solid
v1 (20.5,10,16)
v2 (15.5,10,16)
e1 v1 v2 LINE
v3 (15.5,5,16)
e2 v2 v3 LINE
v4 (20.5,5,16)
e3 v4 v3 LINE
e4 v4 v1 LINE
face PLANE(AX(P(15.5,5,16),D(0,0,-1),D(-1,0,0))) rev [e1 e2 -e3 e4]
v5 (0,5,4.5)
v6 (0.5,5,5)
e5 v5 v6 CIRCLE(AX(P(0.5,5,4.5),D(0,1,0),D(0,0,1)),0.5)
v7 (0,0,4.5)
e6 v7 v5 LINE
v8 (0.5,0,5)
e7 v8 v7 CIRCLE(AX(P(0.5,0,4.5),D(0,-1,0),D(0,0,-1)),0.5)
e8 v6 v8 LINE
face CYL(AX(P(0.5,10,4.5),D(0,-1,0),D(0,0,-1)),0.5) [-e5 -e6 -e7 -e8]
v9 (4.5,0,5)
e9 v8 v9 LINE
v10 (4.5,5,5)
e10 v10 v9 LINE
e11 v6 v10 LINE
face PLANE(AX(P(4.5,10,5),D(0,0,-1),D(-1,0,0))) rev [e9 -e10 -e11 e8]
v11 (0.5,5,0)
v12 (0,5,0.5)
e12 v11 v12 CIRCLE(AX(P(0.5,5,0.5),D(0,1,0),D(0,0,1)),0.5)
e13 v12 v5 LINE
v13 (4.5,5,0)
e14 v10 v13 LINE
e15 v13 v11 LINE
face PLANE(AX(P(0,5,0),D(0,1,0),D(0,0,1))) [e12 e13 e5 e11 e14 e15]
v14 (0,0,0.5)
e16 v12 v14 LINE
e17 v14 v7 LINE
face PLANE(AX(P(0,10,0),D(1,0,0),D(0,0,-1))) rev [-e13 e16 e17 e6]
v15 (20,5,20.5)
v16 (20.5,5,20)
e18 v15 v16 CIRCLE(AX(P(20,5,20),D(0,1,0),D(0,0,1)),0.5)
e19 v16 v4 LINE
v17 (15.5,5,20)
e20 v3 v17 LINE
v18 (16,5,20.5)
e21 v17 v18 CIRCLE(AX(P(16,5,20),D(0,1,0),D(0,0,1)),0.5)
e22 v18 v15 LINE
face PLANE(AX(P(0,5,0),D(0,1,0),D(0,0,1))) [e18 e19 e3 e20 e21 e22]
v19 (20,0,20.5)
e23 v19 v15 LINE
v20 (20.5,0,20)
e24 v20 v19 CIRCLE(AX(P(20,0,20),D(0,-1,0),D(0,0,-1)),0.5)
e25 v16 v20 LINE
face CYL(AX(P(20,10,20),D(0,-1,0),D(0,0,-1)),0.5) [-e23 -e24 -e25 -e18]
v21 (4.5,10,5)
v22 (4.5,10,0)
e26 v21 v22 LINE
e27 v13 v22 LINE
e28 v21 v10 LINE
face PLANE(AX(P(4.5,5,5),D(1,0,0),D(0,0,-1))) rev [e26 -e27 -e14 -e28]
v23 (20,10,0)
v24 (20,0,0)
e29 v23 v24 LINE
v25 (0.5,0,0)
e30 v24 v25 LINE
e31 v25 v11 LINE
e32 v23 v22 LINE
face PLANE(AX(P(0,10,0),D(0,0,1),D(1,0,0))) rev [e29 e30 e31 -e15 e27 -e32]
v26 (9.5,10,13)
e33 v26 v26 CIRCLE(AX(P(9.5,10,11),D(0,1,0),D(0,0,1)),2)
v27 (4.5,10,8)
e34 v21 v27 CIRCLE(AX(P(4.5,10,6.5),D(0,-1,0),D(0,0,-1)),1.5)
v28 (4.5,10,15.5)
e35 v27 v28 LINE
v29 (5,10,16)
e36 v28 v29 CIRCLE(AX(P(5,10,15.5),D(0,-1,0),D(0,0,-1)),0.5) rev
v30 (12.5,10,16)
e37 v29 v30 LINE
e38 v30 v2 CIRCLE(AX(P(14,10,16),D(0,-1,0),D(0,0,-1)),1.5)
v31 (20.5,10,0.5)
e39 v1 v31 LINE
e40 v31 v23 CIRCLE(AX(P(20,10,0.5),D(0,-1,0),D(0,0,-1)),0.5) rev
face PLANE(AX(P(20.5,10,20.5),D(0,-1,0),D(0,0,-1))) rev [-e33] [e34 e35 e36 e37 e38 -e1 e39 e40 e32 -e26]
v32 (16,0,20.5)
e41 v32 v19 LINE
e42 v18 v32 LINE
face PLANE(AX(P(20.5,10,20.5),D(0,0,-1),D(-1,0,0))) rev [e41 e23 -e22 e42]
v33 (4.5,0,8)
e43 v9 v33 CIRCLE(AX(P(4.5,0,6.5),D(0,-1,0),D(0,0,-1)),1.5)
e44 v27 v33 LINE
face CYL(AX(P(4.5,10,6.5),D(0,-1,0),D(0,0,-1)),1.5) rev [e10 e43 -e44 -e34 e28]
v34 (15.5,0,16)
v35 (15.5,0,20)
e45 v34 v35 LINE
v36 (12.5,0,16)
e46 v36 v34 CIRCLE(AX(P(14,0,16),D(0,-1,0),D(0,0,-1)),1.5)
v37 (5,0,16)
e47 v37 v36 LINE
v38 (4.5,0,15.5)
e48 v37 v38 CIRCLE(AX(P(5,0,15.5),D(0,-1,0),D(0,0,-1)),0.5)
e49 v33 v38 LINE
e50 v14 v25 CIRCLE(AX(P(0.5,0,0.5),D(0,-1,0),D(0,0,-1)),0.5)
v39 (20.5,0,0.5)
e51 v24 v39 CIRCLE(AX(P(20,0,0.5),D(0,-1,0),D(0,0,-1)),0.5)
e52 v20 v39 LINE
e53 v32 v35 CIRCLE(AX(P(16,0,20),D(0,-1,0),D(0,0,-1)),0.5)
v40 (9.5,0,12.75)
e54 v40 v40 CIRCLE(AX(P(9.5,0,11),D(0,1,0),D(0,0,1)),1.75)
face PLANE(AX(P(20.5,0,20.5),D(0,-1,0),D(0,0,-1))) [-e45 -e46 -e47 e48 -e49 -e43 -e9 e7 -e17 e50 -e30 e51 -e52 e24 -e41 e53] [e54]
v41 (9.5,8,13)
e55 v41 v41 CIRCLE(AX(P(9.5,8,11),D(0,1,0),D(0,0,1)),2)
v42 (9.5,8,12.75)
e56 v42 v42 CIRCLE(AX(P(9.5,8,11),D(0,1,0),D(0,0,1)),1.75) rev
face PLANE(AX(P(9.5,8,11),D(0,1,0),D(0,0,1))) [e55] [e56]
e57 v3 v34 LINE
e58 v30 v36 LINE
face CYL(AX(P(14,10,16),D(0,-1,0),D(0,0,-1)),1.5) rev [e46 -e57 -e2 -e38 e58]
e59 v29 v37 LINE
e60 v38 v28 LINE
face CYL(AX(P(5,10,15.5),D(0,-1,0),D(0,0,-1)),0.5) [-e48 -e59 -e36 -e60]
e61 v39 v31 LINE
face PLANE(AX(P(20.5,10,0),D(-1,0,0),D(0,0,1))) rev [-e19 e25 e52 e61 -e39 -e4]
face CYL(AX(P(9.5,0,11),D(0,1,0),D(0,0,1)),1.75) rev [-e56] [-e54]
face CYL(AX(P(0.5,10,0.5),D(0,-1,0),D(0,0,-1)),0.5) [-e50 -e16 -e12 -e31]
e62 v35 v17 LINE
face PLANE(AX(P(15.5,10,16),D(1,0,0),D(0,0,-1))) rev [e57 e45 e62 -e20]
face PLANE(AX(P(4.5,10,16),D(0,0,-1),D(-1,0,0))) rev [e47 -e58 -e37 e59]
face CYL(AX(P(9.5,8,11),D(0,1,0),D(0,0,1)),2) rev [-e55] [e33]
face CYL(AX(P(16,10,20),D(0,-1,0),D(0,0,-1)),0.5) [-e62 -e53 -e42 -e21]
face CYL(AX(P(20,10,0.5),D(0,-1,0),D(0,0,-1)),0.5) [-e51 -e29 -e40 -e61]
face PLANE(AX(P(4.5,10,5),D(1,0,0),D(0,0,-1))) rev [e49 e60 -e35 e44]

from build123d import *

# Parameters (mm, degrees)
BOSS_EXTRUDE1_DEPTH = 10
SKETCH4_R           = 1.75
CUT_EXTRUDE3_DEPTH  = 10
SKETCH6_R           = 2
CUT_EXTRUDE5_DEPTH  = 2
CUT_EXTRUDE6_DEPTH  = 31.66757245
SKETCH8_W           = 5
SKETCH8_H           = 4.5
SKETCH8_W_2         = 4.5
SKETCH8_H_2         = 5
CUT_EXTRUDE7_DEPTH  = 5
FILLET1_R           = 0.5


with BuildPart() as part:
    # Sketch1 → Boss-Extrude1 (new body)
    with BuildSketch(Plane(origin=(0, 0, 0), x_dir=(1, 0, 0), z_dir=(0, 1, 0))):
        Polygon((0, 0), (20.5, 0), (20.5, -20.5), (15.5, -20.5), (15.5, -16), (4.5, -16), (4.5, -5), (0, -5), align=None)
    extrude(amount=BOSS_EXTRUDE1_DEPTH)

    # Sketch4 → Cut-Extrude3 (cut)
    with BuildSketch(Plane(origin=(0, 10, 0), x_dir=(1, 0, 0), z_dir=(0, 1, 0))):
        with Locations(Location((9.5, -11, 0), (0, 0, 270))):
            Circle(SKETCH4_R)
    extrude(amount=-CUT_EXTRUDE3_DEPTH, mode=Mode.SUBTRACT)

    # Sketch6 → Cut-Extrude5 (cut)
    with BuildSketch(Plane(origin=(0, 10, 0), x_dir=(1, 0, 0), z_dir=(0, 1, 0))):
        with Locations(Location((9.5, -11, 0), (0, 0, 270))):
            Circle(SKETCH6_R)
    extrude(amount=-CUT_EXTRUDE5_DEPTH, mode=Mode.SUBTRACT)

    # Sketch7 → Cut-Extrude6 (cut, through all)
    with BuildSketch(Plane.XZ):
        with BuildLine():
            Line((0, 8), (4.5, 8))
            ThreePointArc((4.5, 8), (6, 6.5), (4.5, 5))
            Line((4.5, 5), (0, 5))
            ThreePointArc((0, 5), (-1.5, 6.5), (0, 8))
        make_face()
        with BuildLine():
            Line((12.5, 16), (12.5, 20.5))
            ThreePointArc((12.5, 20.5), (14, 22), (15.5, 20.5))
            Line((15.5, 20.5), (15.5, 16))
            ThreePointArc((15.5, 16), (14, 14.5), (12.5, 16))
        make_face()
    extrude(amount=-CUT_EXTRUDE6_DEPTH, mode=Mode.SUBTRACT)

    # Sketch8 → Cut-Extrude7 (cut)
    with BuildSketch(Plane(origin=(0, 10, 0), x_dir=(1, 0, 0), z_dir=(0, 1, 0))):
        with Locations((18, -18.25)):
            Rectangle(SKETCH8_W, SKETCH8_H)
        with Locations((2.25, -2.5)):
            Rectangle(SKETCH8_W_2, SKETCH8_H_2)
    extrude(amount=-CUT_EXTRUDE7_DEPTH, mode=Mode.SUBTRACT)

    # Fillet1
    fillet1_edges = [part.edges().sort_by_distance(p)[0] for p in [
        (4.5, 5, 16),
        (20.5, 5, 0),
        (20.5, 2.5, 20.5),
        (15.5, 2.5, 20.5),
        (0, 2.5, 5),
        (0, 2.5, 0),
    ]]
    fillet(fillet1_edges, radius=FILLET1_R)


solid = part.part
